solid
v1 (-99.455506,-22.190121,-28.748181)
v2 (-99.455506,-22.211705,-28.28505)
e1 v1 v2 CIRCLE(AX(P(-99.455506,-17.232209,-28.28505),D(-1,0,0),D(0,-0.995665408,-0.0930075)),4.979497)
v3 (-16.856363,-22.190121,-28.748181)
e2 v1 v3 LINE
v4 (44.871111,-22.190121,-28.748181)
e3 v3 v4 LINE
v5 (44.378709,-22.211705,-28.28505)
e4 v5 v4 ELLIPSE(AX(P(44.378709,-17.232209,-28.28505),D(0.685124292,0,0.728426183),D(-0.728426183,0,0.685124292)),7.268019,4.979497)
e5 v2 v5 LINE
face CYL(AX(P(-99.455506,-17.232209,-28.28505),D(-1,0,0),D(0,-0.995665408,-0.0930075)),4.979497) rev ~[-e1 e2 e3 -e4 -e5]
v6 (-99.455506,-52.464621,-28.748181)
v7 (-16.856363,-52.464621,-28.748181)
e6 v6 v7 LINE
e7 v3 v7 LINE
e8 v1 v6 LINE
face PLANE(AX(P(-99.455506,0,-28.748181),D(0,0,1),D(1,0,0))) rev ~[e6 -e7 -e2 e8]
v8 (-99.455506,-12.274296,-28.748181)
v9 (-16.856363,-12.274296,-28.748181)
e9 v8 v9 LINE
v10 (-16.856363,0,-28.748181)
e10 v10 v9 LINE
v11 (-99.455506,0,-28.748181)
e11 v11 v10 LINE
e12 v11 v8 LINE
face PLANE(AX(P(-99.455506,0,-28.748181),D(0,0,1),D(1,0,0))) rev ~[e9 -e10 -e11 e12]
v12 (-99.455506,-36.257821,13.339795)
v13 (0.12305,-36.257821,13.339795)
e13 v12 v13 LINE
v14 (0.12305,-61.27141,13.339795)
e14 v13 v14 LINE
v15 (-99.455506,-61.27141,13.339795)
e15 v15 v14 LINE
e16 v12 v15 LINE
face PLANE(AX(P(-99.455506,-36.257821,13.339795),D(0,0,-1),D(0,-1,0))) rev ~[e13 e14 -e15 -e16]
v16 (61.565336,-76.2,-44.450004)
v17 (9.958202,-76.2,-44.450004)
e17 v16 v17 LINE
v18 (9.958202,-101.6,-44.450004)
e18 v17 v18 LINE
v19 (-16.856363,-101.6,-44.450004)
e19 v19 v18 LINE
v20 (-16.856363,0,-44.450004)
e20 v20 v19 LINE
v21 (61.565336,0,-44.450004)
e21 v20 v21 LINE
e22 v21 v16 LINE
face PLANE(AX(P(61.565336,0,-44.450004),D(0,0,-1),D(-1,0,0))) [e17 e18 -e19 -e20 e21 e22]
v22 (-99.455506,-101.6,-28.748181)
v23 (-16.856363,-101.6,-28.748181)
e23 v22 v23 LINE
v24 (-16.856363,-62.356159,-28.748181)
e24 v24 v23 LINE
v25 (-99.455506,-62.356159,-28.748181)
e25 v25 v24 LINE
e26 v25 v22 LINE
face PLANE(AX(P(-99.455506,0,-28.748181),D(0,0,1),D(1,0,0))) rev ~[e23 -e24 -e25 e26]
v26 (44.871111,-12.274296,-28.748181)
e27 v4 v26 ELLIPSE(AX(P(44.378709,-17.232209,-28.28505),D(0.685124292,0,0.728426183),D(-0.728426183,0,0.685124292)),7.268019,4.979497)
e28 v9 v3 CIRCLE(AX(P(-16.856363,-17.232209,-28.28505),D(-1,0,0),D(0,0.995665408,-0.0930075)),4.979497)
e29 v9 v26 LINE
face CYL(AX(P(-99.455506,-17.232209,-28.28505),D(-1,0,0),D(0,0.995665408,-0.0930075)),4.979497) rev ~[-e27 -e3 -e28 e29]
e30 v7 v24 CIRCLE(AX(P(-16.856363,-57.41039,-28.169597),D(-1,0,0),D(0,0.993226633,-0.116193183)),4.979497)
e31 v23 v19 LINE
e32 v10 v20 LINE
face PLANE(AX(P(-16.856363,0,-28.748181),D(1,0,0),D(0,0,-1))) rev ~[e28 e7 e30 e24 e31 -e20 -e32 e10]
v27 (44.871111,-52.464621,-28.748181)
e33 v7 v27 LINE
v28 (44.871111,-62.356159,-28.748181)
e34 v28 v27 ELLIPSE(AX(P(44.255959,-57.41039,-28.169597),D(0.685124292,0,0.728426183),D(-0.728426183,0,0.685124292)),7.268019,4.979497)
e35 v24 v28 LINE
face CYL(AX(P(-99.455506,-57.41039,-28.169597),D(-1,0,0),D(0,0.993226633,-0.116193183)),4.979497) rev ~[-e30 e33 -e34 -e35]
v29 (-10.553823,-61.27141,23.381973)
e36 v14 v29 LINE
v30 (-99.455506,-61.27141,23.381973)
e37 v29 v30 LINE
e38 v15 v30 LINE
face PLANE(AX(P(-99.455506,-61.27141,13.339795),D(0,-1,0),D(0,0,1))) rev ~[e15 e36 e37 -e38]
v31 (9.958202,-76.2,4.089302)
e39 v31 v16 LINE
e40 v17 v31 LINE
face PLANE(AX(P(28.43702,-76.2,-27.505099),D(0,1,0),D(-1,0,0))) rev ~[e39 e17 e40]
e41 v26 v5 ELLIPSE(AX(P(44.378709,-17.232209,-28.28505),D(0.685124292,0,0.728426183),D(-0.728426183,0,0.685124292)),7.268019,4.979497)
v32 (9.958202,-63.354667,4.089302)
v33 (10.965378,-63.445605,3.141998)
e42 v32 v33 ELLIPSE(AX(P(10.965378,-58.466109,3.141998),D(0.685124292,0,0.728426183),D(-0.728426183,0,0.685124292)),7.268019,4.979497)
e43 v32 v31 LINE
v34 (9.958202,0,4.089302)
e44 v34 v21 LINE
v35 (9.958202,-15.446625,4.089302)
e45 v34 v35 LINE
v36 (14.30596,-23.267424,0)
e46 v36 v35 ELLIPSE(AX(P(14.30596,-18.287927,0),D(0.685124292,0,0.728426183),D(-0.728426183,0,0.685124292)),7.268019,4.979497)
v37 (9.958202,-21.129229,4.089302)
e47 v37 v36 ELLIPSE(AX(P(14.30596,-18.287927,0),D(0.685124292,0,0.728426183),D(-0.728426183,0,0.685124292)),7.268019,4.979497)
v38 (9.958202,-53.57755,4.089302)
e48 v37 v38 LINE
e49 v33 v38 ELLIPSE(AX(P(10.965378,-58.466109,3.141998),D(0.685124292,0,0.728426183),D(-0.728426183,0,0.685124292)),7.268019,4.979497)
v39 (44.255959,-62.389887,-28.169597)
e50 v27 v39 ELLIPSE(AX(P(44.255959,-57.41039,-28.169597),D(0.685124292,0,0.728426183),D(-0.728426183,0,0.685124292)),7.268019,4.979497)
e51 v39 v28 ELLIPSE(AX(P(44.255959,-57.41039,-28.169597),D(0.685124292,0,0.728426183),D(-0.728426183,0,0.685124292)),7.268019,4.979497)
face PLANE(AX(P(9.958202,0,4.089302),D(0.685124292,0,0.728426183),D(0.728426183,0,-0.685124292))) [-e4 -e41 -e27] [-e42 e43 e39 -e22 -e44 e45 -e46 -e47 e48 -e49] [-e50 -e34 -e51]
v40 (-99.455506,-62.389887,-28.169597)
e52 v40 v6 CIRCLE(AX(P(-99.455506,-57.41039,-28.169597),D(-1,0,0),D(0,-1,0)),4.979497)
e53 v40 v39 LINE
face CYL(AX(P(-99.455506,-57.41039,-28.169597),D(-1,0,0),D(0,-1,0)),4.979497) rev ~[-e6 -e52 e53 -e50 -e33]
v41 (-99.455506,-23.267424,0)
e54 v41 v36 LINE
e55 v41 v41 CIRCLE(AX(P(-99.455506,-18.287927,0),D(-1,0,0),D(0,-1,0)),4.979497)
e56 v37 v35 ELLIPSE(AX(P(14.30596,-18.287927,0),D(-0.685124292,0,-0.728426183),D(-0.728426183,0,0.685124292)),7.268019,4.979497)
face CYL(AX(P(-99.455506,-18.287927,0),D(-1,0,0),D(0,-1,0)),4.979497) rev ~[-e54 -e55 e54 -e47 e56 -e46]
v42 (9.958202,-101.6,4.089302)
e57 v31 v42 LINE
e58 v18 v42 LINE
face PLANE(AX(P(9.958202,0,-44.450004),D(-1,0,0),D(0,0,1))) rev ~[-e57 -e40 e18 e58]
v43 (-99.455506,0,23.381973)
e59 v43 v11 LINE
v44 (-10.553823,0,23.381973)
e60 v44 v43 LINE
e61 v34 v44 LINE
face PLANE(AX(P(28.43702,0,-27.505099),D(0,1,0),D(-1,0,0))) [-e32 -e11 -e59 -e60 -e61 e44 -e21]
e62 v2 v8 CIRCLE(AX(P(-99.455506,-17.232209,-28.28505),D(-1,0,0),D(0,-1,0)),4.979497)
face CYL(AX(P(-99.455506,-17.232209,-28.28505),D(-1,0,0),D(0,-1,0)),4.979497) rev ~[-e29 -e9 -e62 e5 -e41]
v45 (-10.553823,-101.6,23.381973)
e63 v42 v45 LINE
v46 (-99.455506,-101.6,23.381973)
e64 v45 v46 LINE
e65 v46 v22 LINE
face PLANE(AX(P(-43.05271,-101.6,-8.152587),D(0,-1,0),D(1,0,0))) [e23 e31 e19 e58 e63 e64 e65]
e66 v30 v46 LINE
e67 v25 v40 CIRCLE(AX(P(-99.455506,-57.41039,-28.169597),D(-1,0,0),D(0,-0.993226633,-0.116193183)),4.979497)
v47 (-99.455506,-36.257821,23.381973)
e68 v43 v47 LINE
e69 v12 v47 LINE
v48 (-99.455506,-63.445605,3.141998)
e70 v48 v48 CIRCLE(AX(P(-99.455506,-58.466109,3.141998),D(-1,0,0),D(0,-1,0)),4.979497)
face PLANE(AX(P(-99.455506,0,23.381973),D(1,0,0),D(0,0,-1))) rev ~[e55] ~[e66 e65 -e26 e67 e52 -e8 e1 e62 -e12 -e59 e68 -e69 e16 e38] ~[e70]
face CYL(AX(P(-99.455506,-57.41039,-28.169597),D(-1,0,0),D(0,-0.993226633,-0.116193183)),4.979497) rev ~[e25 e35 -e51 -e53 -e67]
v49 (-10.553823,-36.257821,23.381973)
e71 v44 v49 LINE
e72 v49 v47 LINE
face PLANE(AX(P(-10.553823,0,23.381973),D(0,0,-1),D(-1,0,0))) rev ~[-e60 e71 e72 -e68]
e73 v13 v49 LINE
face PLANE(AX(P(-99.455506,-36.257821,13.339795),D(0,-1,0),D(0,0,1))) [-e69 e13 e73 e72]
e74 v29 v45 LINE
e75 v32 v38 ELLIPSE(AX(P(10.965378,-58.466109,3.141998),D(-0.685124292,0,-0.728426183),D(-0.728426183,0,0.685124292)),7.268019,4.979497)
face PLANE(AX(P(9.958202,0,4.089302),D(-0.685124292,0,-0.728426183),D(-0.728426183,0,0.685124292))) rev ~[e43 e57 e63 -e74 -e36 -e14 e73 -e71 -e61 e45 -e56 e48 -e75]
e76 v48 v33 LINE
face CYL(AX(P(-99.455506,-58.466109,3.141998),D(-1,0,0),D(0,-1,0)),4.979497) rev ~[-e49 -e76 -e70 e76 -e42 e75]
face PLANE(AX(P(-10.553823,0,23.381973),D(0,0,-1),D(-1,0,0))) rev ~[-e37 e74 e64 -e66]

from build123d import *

# Parameters (mm, degrees)
F1_DEPTH = 101.6
F3_DEPTH = 76.2
F4_W     = 25.0135893855
F4_H     = 20.0843550265
F5_DEPTH = 103.378
F6_R     = 4.9794966454
F7_DEPTH = 167.132


with BuildPart() as f1:
    # F0 (on Front) → F1 (new body)
    with BuildSketch(Plane.XZ):
        Polygon((-99.4555056095, 23.3819726855), (-99.4555056095, -18.3572731912), (-99.4555056095, -28.7481807172), (-16.8563630432, -28.7481807172), (-16.8563630432, -44.4500036538), (9.9582020193, -44.4500036538), (9.9582020193, 4.0893019177), (-10.5538228527, 23.3819726855), align=None)
    extrude(amount=F1_DEPTH)

    # F2 (on face) → F3 (join)
    with BuildSketch(Plane(origin=(0, 0, 0), x_dir=(-1, 0, 0), z_dir=(0, 1, 0))):
        Polygon((-9.9582020193, -44.4500036538), (-9.9582020193, 4.0893019177), (-61.5653358961, -44.4500036538), align=None)
    extrude(amount=-F3_DEPTH)

    # F4 (on face) → F5 (cut)
    with BuildSketch(Plane(origin=(-99.4555056095, 0, 0), x_dir=(0, -1, 0), z_dir=(-1, 0, 0))):
        with Locations((48.7646157427, 23.3819726855)):
            Rectangle(F4_W, F4_H)
    extrude(amount=-F5_DEPTH, mode=Mode.SUBTRACT)

    # F6 (on face) → F7 (cut)
    with BuildSketch(Plane(origin=(-99.4555056095, 0, 0), x_dir=(0, -1, 0), z_dir=(-1, 0, 0))):
        with Locations((18.2879269123, 0)):
            Circle(F6_R)
        with BuildLine():
            Line((62.3561588025, -28.7481807172), (52.4646214301, -28.7481807172))
            ThreePointArc((52.4646214301, -28.7481807172), (57.4103901163, -33.1490937952), (62.3561588025, -28.7481807172))
        make_face()
        with BuildLine():
            ThreePointArc((62.3898867617, -28.1695971498), (57.1206072149, -23.1985396455), (52.4646214301, -28.7481807172))
            Line((52.4646214301, -28.7481807172), (62.3561588025, -28.7481807172))
            ThreePointArc((62.3561588025, -28.7481807172), (62.3814476206, -28.4593800512), (62.3898867617, -28.1695971498))
        make_face()
        with Locations((58.4661085159, 3.1419980805)):
            Circle(F6_R)
        with BuildLine():
            Line((22.1901210724, -28.7481807172), (12.274295953, -28.7481807172))
            ThreePointArc((12.274295953, -28.7481807172), (17.2322085127, -33.264546828), (22.1901210724, -28.7481807172))
        make_face()
        with BuildLine():
            ThreePointArc((22.1901210724, -28.7481807172), (22.2063062098, -28.5168667938), (22.2117051581, -28.2850501826))
            ThreePointArc((22.2117051581, -28.2850501826), (17.0003919016, -23.3109524855), (12.274295953, -28.7481807172))
            Line((12.274295953, -28.7481807172), (22.1901210724, -28.7481807172))
        make_face()
    extrude(amount=-F7_DEPTH, mode=Mode.SUBTRACT)


solid = f1.part
